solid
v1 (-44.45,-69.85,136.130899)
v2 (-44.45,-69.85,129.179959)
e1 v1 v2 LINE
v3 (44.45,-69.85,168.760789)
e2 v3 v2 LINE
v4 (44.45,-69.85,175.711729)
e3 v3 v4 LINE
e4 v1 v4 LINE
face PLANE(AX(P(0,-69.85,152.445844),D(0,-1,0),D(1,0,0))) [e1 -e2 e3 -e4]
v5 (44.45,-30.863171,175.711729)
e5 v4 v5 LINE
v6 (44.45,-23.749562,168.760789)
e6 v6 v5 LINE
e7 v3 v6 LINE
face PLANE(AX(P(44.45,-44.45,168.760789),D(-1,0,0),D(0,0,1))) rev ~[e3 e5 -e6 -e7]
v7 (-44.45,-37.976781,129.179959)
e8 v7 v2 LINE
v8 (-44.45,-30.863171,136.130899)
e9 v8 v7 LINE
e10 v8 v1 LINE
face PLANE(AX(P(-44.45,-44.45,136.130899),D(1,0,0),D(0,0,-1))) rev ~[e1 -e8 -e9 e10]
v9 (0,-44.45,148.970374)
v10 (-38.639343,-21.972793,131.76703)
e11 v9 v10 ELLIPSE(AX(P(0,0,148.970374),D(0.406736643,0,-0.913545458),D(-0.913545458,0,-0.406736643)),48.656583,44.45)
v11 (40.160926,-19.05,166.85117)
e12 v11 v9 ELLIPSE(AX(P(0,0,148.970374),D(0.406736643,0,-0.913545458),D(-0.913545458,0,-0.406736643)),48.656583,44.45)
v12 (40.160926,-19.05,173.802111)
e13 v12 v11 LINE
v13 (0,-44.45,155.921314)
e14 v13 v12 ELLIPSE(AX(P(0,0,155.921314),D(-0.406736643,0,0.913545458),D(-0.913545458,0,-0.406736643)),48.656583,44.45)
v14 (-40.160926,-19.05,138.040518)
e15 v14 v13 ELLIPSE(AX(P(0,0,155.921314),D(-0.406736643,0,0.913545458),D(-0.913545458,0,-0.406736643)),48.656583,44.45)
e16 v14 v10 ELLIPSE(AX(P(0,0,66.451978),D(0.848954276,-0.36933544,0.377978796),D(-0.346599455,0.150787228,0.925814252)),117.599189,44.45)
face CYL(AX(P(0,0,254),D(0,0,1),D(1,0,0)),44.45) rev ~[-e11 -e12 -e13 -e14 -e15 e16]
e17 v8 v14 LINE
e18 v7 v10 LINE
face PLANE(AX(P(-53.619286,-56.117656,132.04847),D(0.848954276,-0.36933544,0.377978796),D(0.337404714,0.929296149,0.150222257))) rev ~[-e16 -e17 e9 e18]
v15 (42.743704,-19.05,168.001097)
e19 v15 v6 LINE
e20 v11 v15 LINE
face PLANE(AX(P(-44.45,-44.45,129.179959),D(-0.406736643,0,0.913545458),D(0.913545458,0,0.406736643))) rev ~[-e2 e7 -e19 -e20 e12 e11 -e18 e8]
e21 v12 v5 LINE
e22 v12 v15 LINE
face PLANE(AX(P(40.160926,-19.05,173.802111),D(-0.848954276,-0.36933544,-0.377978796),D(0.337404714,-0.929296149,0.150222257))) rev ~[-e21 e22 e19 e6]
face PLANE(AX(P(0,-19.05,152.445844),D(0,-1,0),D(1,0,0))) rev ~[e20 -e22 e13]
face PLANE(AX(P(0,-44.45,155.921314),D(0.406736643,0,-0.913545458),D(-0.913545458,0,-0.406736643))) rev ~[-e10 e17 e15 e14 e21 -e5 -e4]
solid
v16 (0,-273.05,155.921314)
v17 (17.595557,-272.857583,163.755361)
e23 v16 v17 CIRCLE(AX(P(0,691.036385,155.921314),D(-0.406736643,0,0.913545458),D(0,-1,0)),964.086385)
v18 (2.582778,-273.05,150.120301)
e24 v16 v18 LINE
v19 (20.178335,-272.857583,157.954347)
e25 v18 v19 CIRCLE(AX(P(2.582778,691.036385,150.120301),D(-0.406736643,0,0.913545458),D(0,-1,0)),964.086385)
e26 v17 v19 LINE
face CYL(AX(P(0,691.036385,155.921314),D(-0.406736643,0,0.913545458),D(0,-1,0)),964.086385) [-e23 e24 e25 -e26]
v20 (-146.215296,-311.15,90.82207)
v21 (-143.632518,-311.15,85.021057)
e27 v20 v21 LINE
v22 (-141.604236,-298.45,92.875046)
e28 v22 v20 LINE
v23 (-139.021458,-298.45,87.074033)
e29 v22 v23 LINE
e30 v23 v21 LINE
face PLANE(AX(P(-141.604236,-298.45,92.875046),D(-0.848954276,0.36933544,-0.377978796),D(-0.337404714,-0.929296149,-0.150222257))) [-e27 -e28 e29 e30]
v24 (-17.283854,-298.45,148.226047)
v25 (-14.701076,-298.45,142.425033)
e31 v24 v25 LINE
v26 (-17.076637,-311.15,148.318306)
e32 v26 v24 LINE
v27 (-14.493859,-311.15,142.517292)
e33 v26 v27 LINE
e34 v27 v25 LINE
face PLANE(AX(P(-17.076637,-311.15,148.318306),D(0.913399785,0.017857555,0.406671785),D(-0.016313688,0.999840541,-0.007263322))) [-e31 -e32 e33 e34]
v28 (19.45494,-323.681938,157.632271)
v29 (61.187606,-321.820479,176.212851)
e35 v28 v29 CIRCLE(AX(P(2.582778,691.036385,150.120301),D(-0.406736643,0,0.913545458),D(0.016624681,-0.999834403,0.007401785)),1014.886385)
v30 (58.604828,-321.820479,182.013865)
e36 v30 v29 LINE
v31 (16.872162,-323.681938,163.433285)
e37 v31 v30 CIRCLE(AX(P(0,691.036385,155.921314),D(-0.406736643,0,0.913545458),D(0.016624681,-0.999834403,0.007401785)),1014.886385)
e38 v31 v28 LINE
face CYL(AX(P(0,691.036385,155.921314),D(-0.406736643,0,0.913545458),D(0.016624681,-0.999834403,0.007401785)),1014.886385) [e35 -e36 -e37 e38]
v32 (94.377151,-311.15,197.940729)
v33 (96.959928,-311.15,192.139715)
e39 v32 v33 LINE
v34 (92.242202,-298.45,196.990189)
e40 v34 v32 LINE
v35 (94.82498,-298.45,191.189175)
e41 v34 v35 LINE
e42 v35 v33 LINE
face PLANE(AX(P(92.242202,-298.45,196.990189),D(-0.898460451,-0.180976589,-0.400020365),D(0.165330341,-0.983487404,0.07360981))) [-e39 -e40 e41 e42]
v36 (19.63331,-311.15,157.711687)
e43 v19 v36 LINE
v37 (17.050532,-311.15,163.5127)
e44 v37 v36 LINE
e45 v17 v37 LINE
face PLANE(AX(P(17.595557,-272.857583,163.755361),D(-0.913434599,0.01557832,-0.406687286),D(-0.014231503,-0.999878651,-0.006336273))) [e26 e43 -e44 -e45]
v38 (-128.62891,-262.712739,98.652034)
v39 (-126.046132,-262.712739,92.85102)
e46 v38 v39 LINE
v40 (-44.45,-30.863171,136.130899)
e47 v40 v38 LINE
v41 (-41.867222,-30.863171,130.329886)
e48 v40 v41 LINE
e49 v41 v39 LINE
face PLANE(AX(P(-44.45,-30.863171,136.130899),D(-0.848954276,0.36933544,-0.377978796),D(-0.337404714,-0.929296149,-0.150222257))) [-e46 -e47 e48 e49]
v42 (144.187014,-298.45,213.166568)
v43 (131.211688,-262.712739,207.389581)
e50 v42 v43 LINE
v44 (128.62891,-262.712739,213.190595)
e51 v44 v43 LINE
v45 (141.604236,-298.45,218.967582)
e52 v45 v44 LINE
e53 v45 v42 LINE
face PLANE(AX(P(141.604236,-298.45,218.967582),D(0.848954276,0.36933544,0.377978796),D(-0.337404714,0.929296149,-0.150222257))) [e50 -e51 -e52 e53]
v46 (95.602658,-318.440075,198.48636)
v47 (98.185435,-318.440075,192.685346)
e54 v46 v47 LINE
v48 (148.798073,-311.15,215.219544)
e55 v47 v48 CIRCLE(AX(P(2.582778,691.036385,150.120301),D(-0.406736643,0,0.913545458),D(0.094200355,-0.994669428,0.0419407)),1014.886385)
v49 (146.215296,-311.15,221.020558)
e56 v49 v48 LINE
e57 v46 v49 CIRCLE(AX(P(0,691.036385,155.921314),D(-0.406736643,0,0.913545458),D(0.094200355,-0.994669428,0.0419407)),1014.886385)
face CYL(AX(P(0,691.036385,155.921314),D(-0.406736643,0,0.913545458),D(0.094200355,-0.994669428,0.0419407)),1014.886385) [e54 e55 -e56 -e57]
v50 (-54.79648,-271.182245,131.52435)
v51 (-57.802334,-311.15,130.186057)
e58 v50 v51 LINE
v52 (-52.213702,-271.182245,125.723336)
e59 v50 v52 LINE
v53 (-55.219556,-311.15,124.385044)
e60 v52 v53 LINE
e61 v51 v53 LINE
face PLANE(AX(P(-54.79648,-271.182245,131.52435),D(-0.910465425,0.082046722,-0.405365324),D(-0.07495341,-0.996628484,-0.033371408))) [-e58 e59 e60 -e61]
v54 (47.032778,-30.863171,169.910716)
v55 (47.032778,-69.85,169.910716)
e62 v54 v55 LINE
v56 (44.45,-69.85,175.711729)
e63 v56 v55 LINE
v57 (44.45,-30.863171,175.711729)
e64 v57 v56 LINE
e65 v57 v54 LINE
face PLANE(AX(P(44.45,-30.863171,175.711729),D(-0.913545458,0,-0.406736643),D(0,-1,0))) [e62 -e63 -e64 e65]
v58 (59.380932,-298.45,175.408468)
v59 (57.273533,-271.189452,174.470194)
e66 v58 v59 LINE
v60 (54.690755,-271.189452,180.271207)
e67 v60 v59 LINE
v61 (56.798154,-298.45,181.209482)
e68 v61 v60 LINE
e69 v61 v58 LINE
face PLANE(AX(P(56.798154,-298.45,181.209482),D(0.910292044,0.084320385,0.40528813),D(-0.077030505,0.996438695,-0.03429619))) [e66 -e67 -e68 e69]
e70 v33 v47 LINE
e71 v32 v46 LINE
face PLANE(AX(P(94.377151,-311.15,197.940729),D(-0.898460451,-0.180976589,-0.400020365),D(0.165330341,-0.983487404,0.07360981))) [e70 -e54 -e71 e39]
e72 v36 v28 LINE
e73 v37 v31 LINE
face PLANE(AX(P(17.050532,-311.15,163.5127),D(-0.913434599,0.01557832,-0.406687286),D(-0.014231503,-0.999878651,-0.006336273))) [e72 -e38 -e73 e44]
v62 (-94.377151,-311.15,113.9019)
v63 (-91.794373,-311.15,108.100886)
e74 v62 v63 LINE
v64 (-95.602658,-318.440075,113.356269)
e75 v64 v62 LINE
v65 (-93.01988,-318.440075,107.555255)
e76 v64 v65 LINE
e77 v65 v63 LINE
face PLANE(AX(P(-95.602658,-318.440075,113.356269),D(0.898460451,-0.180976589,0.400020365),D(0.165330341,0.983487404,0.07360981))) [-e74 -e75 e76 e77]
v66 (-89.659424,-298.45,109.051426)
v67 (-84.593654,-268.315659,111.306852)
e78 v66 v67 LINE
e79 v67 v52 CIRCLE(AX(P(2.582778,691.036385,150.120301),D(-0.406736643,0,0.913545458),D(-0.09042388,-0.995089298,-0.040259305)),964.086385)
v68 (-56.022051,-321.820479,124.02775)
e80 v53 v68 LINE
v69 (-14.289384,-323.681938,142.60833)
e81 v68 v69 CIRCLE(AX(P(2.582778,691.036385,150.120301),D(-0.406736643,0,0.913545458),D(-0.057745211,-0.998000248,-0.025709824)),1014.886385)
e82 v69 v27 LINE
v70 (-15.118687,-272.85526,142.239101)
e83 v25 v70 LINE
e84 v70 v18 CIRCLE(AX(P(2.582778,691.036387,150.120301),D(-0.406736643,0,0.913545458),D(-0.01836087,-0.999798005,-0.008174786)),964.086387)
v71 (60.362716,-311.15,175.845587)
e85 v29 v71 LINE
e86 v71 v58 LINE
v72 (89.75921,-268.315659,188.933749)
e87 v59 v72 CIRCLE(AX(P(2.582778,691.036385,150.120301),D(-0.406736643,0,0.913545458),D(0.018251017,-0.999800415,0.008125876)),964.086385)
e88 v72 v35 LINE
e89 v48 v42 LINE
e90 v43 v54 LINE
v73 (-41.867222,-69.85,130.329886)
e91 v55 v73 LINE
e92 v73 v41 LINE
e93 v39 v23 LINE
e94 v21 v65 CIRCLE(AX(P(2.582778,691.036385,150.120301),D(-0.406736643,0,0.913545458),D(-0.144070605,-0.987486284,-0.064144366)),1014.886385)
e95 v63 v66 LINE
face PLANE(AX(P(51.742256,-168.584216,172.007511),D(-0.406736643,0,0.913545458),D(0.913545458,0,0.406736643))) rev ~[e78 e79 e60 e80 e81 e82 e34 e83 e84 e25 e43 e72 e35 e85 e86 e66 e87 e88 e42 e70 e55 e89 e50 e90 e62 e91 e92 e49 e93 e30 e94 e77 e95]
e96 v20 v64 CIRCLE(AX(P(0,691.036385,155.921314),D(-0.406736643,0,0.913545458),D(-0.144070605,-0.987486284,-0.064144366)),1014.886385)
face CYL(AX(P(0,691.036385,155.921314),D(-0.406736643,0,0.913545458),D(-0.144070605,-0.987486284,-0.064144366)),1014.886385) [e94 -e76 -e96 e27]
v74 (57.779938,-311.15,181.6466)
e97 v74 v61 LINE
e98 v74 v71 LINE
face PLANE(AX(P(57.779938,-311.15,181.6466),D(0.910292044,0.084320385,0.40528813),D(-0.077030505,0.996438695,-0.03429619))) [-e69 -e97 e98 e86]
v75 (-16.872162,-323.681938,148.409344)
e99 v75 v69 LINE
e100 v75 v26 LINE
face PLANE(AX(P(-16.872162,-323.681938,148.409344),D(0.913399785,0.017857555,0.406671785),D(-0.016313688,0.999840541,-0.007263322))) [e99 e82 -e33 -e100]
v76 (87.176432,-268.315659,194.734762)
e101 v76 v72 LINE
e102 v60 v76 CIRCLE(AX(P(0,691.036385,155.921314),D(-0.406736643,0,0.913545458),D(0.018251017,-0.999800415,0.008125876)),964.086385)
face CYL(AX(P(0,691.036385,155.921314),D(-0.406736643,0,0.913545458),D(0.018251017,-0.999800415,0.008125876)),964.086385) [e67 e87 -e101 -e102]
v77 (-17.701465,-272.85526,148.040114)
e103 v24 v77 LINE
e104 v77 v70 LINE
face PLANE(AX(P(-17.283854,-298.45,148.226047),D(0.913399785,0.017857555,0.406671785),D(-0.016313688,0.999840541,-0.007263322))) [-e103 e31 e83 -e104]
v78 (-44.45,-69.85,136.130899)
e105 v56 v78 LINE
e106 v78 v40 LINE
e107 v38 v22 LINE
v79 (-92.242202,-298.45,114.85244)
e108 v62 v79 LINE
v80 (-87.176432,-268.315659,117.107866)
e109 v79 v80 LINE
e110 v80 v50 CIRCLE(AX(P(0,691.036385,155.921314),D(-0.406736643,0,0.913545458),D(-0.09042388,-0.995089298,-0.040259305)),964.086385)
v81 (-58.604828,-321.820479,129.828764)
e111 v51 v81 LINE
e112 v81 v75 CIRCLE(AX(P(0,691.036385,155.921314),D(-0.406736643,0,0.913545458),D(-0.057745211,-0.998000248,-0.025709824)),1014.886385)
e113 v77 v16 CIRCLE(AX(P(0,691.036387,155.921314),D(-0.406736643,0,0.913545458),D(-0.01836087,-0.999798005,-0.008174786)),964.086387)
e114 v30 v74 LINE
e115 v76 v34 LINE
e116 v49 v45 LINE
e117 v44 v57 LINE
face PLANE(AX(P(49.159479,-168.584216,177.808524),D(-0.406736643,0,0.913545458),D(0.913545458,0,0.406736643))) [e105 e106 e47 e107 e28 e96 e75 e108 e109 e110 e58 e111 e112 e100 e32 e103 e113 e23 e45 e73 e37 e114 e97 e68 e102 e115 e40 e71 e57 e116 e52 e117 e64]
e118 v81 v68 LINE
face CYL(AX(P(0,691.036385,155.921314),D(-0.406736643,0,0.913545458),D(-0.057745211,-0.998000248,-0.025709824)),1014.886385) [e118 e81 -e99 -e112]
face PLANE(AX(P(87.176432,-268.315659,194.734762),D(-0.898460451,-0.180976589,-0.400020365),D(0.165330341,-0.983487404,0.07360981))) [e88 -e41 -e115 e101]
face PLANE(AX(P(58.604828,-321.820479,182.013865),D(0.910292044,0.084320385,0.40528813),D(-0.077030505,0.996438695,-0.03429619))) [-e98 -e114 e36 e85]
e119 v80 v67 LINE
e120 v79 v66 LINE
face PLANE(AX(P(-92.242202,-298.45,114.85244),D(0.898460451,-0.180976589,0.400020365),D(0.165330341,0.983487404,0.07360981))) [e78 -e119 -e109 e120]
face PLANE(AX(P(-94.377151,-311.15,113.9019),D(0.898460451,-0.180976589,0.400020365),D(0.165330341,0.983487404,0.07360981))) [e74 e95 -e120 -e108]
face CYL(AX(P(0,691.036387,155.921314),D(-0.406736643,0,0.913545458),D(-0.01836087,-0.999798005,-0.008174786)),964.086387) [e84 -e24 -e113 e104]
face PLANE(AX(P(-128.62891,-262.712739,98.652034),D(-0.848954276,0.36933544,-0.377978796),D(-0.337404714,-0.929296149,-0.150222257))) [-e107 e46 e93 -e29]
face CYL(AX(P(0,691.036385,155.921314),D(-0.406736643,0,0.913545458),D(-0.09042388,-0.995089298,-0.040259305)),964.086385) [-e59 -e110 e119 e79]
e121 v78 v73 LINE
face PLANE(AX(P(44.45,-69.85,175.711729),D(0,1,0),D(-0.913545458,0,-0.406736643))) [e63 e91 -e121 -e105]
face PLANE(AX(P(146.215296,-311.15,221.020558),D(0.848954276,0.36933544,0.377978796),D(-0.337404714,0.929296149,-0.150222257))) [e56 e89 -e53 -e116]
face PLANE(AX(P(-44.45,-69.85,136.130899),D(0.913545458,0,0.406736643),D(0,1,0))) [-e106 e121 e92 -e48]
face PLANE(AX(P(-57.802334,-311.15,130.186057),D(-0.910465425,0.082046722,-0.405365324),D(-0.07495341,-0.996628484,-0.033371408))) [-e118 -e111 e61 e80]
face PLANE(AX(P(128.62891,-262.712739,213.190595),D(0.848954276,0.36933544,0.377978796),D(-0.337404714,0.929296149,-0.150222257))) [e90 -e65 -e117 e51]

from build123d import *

# Parameters (mm, degrees)
F0_R      = 44.45
F1_DEPTH  = 254
F4_DEPTH  = 25.4
F5_DEPTH  = 25.4
F6_DEPTH  = 254
F8_DEPTH  = 6.35
F10_DEPTH = 6.35
F12_DEPTH = 6.35


with BuildPart() as f1:
    # F0 (on Top) → F1 (new body)
    with BuildSketch(Plane.XY):
        Circle(F0_R)
    extrude(amount=F1_DEPTH)

    # F3 (on offset) → F4 (join)
    with BuildSketch(Plane.XZ.offset(44.45)):
        Polygon((-44.45, 136.1308991909), (-44.45, 129.1799588224), (44.45, 168.7607889463), (44.45, 175.7117293148), align=None)
    extrude(amount=-F4_DEPTH)

    # F5 (add): a face of the model
    f5_faces = [f1.faces().sort_by_distance(p)[0] for p in [
        (0, -44.45, 152.4458440686),
    ]]
    extrude(f5_faces, amount=F5_DEPTH)

    # F6 (cut): a face of the model
    f6_faces = [f1.faces().sort_by_distance(p)[0] for p in [
        (0, 0, 254),
    ]]
    extrude(f6_faces, amount=-F6_DEPTH, mode=Mode.SUBTRACT)

    # F9 (on face) → F10 (cut)
    with BuildSketch(Plane(origin=(-57.9360589343, 0, 130.1265189016), x_dir=(0.9135454576, 0, 0.4067366431), z_dir=(-0.4067366431, 0, 0.9135454576))):
        Polygon((14.7623293636, -30.8631713137), (19.4573050542, -19.05), (22.8378735483, -15.4172629118), (-1.8812613562, -15.4172629118), (4.7252961137, -56.1176563369), align=None)
    extrude(amount=-F10_DEPTH, mode=Mode.SUBTRACT)

    # F11 (on face) → F12 (cut)
    with BuildSketch(Plane(origin=(-57.9360589343, 0, 130.1265189016), x_dir=(0.9135454576, 0, 0.4067366431), z_dir=(-0.4067366431, 0, 0.9135454576))):
        Polygon((107.3805188322, -7.569919806), (107.3805188322, -19.05), (112.0754945228, -30.8631713137), (116.4021759315, -41.7496661689), (130.1503181458, -10.120306164), align=None)
    extrude(amount=-F12_DEPTH, mode=Mode.SUBTRACT)


with BuildPart() as f8:
    # F7 (on face) → F8 (new body)
    with BuildSketch(Plane(origin=(-57.9360589343, 0, 130.1265189016), x_dir=(0.9135454576, 0, 0.4067366431), z_dir=(-0.4067366431, 0, 0.9135454576))):
        with BuildLine():
            Line((112.0754945228, -69.85), (63.4189119432, -69.85))
            Line((63.4189119432, -69.85), (63.4189119432, -273.05))
            ThreePointArc((63.4189119432, -273.05), (73.0497599715, -273.0018945868), (82.6796468911, -272.8575831478))
            ThreePointArc((82.6796468911, -272.8575831478), (102.9913126824, -272.2375027613), (123.2853969647, -271.1894521687))
            ThreePointArc((123.2853969647, -271.1894521687), (141.0786911629, -269.9170563468), (158.8453969647, -268.3156586744))
            ThreePointArc((158.8453969647, -268.3156586744), (181.566308316, -265.7832168467), (204.2207833172, -262.7127385999))
            Line((204.2207833172, -262.7127385999), (112.0754945228, -30.8631713137))
            Line((112.0754945228, -30.8631713137), (112.0754945228, -69.85))
        make_face()
        with BuildLine():
            Line((63.4189119432, -273.05), (63.4189119432, -69.85))
            Line((63.4189119432, -69.85), (14.7623293636, -69.85))
            Line((14.7623293636, -69.85), (14.7623293636, -30.8631713137))
            Line((14.7623293636, -30.8631713137), (-77.3829594308, -262.7127385999))
            ThreePointArc((-77.3829594308, -262.7127385999), (-54.7284844296, -265.7832168467), (-32.0075730783, -268.3156586744))
            ThreePointArc((-32.0075730783, -268.3156586744), (-14.2986557796, -269.9123844003), (3.4366970323, -271.182244854))
            ThreePointArc((3.4366970323, -271.182244854), (23.7306551151, -272.2327362807), (44.0422461801, -272.8552596191))
            ThreePointArc((44.0422461801, -272.8552596191), (53.7300897765, -273.0013136754), (63.4189119432, -273.05))
        make_face()
        with BuildLine():
            ThreePointArc((-32.0075730783, -268.3156586744), (-54.7284844296, -265.7832168467), (-77.3829594308, -262.7127385999))
            Line((-77.3829594308, -262.7127385999), (-91.5862219642, -298.45))
            Line((-91.5862219642, -298.45), (-37.5527486202, -298.45))
            Line((-37.5527486202, -298.45), (-32.0075730783, -268.3156586744))
        make_face()
        Polygon((-37.5527486202, -298.45), (-91.5862219642, -298.45), (-96.6336550105, -311.15), (-39.8897411106, -311.15), align=None)
        with BuildLine():
            Line((-39.8897411106, -311.15), (-96.6336550105, -311.15))
            ThreePointArc((-96.6336550105, -311.15), (-68.9826239746, -315.1764194064), (-41.2312253973, -318.4400749618))
            Line((-41.2312253973, -318.4400749618), (-39.8897411106, -311.15))
        make_face()
        with BuildLine():
            Line((44.4993785514, -298.45), (44.0422461801, -272.8552596191))
            ThreePointArc((44.0422461801, -272.8552596191), (23.7306551151, -272.2327362807), (3.4366970323, -271.182244854))
            Line((3.4366970323, -271.182244854), (1.1918987261, -298.45))
            Line((1.1918987261, -298.45), (44.4993785514, -298.45))
        make_face()
        Polygon((44.7262056662, -311.15), (44.4993785514, -298.45), (1.1918987261, -298.45), (0.1463803717, -311.15), align=None)
        with BuildLine():
            Line((44.9500311248, -323.6819379349), (44.7262056662, -311.15))
            Line((44.7262056662, -311.15), (0.1463803717, -311.15))
            Line((0.1463803717, -311.15), (-0.7320591448, -321.8204792056))
            ThreePointArc((-0.7320591448, -321.8204792056), (22.0985024655, -323.0084849242), (44.9500311248, -323.6819379349))
        make_face()
        with BuildLine():
            ThreePointArc((123.2853969647, -271.1894521687), (102.9913126824, -272.2375027613), (82.6796468911, -272.8575831478))
            Line((82.6796468911, -272.8575831478), (82.2809116577, -298.45))
            Line((82.2809116577, -298.45), (125.5922322035, -298.45))
            Line((125.5922322035, -298.45), (123.2853969647, -271.1894521687))
        make_face()
        Polygon((125.5922322035, -298.45), (82.2809116577, -298.45), (82.0830429885, -311.15), (126.666928417, -311.15), align=None)
        with BuildLine():
            Line((126.666928417, -311.15), (82.0830429885, -311.15))
            Line((82.0830429885, -311.15), (81.8877927615, -323.6819379349))
            ThreePointArc((81.8877927615, -323.6819379349), (104.7393214209, -323.0084849242), (127.5698830311, -321.8204792056))
            Line((127.5698830311, -321.8204792056), (126.666928417, -311.15))
        make_face()
        with BuildLine():
            Line((218.4240458506, -298.45), (204.2207833172, -262.7127385999))
            ThreePointArc((204.2207833172, -262.7127385999), (181.566308316, -265.7832168467), (158.8453969647, -268.3156586744))
            Line((158.8453969647, -268.3156586744), (164.3905725066, -298.45))
            Line((164.3905725066, -298.45), (218.4240458506, -298.45))
        make_face()
        Polygon((223.4714788969, -311.15), (218.4240458506, -298.45), (164.3905725066, -298.45), (166.727564997, -311.15), align=None)
        with BuildLine():
            ThreePointArc((168.0690492836, -318.4400749618), (195.820447861, -315.1764194064), (223.4714788969, -311.15))
            Line((223.4714788969, -311.15), (166.727564997, -311.15))
            Line((166.727564997, -311.15), (168.0690492836, -318.4400749618))
        make_face()
    extrude(amount=-F8_DEPTH)


solid = Compound([f1.part, f8.part])
